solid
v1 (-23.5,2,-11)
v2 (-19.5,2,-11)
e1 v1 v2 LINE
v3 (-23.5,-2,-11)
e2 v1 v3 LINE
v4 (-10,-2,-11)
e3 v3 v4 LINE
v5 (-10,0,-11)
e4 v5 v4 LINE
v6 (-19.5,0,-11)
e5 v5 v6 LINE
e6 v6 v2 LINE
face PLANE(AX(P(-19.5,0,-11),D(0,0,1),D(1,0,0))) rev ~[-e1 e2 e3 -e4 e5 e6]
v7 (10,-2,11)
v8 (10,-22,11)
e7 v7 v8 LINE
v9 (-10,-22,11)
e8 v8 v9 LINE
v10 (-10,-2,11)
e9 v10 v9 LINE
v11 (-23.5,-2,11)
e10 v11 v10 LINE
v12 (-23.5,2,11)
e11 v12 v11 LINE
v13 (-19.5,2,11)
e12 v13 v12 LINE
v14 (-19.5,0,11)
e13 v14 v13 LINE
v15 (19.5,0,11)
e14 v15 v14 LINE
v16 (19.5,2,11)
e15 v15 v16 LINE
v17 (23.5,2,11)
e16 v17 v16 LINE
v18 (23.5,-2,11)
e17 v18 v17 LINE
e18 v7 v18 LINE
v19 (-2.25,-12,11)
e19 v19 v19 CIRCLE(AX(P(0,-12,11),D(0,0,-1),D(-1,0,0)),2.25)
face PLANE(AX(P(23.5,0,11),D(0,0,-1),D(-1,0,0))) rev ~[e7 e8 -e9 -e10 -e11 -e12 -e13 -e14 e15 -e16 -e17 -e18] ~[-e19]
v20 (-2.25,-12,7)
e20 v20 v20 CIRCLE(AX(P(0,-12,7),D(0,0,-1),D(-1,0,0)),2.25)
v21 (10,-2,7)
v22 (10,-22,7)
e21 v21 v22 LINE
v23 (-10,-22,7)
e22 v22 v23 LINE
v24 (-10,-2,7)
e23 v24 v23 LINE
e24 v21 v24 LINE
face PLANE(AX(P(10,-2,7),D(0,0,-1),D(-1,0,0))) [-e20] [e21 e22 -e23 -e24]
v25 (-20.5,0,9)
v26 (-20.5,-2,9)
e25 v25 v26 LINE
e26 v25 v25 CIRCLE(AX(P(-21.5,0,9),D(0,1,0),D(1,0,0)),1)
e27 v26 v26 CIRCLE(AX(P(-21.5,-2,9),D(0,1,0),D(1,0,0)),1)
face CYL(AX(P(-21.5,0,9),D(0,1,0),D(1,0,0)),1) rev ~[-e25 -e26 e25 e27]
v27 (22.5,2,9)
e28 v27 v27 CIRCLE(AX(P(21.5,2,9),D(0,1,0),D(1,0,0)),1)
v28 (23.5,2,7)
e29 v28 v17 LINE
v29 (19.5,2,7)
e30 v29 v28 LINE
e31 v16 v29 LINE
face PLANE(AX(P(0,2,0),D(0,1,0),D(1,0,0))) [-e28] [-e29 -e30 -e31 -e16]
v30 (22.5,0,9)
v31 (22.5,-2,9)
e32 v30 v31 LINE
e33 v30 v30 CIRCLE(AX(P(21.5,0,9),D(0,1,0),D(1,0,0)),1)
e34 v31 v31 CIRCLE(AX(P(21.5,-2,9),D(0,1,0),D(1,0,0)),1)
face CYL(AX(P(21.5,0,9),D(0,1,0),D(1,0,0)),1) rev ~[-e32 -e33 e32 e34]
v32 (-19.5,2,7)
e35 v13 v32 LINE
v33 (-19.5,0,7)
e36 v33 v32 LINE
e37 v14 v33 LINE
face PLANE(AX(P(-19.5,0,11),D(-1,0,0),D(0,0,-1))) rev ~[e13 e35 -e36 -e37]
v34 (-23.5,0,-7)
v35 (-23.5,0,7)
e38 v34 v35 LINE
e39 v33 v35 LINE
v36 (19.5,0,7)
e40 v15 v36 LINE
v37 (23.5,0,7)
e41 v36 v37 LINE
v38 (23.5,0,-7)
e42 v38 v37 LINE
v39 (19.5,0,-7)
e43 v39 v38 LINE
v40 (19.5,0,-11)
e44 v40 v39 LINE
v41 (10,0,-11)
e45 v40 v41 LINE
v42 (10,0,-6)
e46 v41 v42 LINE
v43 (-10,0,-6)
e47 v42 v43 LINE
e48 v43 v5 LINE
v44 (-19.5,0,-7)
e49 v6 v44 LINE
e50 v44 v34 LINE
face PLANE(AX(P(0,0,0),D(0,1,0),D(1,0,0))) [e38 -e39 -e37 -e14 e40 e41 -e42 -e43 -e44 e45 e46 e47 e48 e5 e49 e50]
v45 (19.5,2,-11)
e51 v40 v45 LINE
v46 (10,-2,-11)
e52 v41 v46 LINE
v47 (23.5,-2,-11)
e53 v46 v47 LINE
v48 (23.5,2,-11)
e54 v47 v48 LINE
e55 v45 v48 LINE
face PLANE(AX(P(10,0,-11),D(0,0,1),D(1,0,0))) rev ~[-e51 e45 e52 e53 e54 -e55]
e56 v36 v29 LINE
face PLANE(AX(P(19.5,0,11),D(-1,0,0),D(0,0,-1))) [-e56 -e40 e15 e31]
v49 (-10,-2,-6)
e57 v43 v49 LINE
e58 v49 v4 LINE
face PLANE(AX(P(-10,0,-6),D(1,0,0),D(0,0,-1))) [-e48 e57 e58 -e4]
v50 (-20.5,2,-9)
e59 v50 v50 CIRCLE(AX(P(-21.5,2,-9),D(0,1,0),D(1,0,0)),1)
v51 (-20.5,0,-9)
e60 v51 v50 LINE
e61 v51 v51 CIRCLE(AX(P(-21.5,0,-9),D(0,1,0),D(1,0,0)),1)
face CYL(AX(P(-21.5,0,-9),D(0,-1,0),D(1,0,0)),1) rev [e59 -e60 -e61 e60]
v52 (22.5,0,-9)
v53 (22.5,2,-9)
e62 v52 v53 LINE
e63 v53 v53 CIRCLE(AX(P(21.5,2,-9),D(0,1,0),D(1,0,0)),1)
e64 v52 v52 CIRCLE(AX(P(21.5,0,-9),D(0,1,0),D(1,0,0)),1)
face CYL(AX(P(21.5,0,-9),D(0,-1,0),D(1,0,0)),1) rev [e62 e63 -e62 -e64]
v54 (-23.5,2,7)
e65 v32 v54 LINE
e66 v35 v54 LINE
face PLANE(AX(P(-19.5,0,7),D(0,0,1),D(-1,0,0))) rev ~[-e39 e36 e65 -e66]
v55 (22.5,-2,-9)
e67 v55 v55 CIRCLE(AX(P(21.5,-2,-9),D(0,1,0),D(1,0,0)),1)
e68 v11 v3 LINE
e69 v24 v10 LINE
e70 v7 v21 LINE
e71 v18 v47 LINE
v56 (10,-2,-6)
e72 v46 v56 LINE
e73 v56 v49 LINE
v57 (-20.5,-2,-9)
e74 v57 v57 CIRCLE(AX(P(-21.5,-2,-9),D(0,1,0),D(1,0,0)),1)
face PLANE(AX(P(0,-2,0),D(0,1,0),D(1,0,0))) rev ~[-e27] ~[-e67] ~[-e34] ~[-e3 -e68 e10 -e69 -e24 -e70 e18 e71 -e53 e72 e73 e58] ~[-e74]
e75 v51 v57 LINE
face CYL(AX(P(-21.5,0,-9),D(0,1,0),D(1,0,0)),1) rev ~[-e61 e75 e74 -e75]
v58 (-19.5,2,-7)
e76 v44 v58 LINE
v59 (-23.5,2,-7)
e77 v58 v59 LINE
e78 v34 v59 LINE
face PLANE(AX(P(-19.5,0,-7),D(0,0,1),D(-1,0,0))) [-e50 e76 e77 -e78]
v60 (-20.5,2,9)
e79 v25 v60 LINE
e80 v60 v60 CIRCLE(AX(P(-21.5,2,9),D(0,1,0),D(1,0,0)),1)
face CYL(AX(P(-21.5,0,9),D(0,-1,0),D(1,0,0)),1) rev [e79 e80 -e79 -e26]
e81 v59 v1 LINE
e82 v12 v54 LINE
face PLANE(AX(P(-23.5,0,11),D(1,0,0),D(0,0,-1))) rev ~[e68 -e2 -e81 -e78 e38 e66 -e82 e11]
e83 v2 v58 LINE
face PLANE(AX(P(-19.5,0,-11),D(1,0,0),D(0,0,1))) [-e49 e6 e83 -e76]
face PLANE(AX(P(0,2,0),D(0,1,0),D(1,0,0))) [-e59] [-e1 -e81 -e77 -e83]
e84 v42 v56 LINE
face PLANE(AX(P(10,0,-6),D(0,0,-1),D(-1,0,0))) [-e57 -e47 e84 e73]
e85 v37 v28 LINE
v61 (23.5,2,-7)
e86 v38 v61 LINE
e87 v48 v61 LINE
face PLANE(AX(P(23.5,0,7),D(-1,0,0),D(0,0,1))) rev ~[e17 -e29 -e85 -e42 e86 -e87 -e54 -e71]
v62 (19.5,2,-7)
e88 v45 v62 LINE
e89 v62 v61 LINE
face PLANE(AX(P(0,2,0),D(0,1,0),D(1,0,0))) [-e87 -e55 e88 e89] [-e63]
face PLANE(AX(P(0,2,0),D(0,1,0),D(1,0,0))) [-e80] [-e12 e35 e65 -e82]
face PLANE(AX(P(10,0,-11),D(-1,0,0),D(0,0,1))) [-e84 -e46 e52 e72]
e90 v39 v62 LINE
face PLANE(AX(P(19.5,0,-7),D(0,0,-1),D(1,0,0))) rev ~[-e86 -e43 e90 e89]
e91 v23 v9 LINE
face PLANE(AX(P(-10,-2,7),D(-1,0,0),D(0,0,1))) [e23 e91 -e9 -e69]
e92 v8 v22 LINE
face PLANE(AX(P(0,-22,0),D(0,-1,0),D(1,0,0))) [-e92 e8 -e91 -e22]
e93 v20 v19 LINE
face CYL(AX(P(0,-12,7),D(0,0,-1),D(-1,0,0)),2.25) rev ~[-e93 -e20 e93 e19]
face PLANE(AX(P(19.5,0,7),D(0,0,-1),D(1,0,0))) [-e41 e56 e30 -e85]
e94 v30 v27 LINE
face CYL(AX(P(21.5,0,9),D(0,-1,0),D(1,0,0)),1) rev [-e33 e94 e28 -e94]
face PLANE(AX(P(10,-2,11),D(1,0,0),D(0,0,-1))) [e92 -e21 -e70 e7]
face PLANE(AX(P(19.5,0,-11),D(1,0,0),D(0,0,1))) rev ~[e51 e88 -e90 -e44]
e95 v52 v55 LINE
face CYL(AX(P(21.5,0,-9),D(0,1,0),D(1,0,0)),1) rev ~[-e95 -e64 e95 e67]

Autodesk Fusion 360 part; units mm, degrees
sketch "Sketch1" plane through (0, 0, 0) normal (0, 1, 0) x (1, 0, 0)
  line L0 (-21.5, 9) -> (21.5, 9) construction
  line L1 (21.5, 9) -> (21.5, -9) construction
  line L2 (21.5, -9) -> (-21.5, -9) construction
  line L3 (-21.5, -9) -> (-21.5, 9) construction
  line L4 (-21.5, 9) -> (21.5, -9) construction
  circle A0 centre (-21.5, -9) radius 1
  circle A1 centre (21.5, -9) radius 1
  circle A2 centre (-21.5, 9) radius 1
  circle A3 centre (21.5, 9) radius 1
  line L5 (23.5, -11) -> (-23.5, -11)
  line L6 (-23.5, -11) -> (-23.5, 11)
  line L7 (-23.5, 11) -> (23.5, 11)
  line L8 (23.5, 11) -> (23.5, -11)
  line L9 (-23.5, 11) -> (-19.5, 11)
  line L10 (-19.5, 11) -> (-19.5, 7)
  line L11 (-19.5, 7) -> (-23.5, 7)
  line L12 (-23.5, 7) -> (-23.5, 11)
  line L13 (-23.5, -11) -> (-19.5, -11)
  line L14 (-19.5, -11) -> (-19.5, -7)
  line L15 (-19.5, -7) -> (-23.5, -7)
  line L16 (-23.5, -7) -> (-23.5, -11)
  line L17 (23.5, 11) -> (19.5, 11)
  line L18 (19.5, 11) -> (19.5, 7)
  line L19 (19.5, 7) -> (23.5, 7)
  line L20 (23.5, 7) -> (23.5, 11)
  line L21 (23.5, -11) -> (19.5, -11)
  line L22 (19.5, -11) -> (19.5, -7)
  line L23 (19.5, -7) -> (23.5, -7)
  line L24 (23.5, -7) -> (23.5, -11)
  line L25 (-10, 11) -> (10, 11)
  line L26 (10, 11) -> (10, 6)
  line L27 (10, 6) -> (-10, 6)
  line L28 (-10, 6) -> (-10, 11)
  dimension "d1" = 43
  dimension "d2" = 18
  dimension "d3" = 2
  dimension "d4" = 2
  dimension "d5" = 2
  dimension "d6" = 2
  dimension "d7" = -2
  dimension "d8" = 4
  dimension "d9" = 4
  dimension "d10" = 4
  dimension "d11" = 4
  dimension "d12" = 4
  dimension "d13" = 4
  dimension "d14" = 4
  dimension "d15" = 4
  dimension "d28" = 20
  dimension "d29" = 5
extrude "Extrude1" add sketch "Sketch1" against normal blind 2 contours L5 L8 L21 L22 L23 L24 | L5 L6 L7 L8 L10 L11 L14 L15 L18 L19 L22 L23 L26 L27 L28 | L5 L6 L13 L14 L15 L16 | L7 L8 L17 L18 L19 L20 | L6 L7 L9 L10 L11 L12
extrude "Extrude2" add sketch "Sketch1" along normal blind 2 contours L5 L8 L21 L22 L23 L24 | L5 L6 L13 L14 L15 L16 | L7 L8 L17 L18 L19 L20 | L6 L7 L9 L10 L11 L12
sketch "Sketch2" plane through (0, -2, 0) normal (0, -1, 0) x (1, 0, 0)
  circle A0 centre (-21.5, 9) radius 1
  circle A1 centre (-21.5, -9) radius 1
  circle A2 centre (21.5, 9) radius 1
  circle A3 centre (21.5, -9) radius 1
  line L0 (23.5, -11) -> (23.5, 11)
  line L1 (23.5, 11) -> (-23.5, 11)
  line L2 (-23.5, 11) -> (-23.5, -11)
  line L3 (10, -11) -> (23.5, -11)
  line L4 (-10, 11) -> (10, 11)
  line L5 (10, 11) -> (10, -9)
  line L6 (10, -9) -> (-10, -9)
  line L7 (-10, -9) -> (-10, 11)
  line L8 (23.5, 11) -> (-23.5, 11)
  line L9 (-10, 11) -> (10, 11)
  line L10 (10, 11) -> (10, 7)
  line L11 (10, 7) -> (-10, 7)
  line L12 (-10, 7) -> (-10, 11)
  line L13 (10, -6) -> (10, -11)
  line L14 (-23.5, -11) -> (-10, -11)
  line L15 (-10, -11) -> (-10, -6)
  line L16 (-10, -6) -> (10, -6)
  dimension "d20" = 20
  dimension "d21" = 20
  dimension "d22" = 4
extrude "Extrude3" add sketch "Sketch2" along normal blind 20 contours L1 L4 L5 L7 L8 L9 L10 L11 L12
sketch "Sketch3" plane through (0, 0, 7) normal (0, 0, -1) x (-1, 0, 0)
  line L0 (10, -2) -> (-10, -2)
  line L1 (-10, -2) -> (-10, -22)
  line L2 (-10, -22) -> (10, -22)
  line L3 (10, -22) -> (10, -2)
  circle A0 centre (0, -12) radius 2.25
  line L4 (10, -22) -> (-10, -2) construction
  dimension "d25" = 4.5
extrude "Extrude4" cut sketch "Sketch3" against normal blind 4 contours A0
